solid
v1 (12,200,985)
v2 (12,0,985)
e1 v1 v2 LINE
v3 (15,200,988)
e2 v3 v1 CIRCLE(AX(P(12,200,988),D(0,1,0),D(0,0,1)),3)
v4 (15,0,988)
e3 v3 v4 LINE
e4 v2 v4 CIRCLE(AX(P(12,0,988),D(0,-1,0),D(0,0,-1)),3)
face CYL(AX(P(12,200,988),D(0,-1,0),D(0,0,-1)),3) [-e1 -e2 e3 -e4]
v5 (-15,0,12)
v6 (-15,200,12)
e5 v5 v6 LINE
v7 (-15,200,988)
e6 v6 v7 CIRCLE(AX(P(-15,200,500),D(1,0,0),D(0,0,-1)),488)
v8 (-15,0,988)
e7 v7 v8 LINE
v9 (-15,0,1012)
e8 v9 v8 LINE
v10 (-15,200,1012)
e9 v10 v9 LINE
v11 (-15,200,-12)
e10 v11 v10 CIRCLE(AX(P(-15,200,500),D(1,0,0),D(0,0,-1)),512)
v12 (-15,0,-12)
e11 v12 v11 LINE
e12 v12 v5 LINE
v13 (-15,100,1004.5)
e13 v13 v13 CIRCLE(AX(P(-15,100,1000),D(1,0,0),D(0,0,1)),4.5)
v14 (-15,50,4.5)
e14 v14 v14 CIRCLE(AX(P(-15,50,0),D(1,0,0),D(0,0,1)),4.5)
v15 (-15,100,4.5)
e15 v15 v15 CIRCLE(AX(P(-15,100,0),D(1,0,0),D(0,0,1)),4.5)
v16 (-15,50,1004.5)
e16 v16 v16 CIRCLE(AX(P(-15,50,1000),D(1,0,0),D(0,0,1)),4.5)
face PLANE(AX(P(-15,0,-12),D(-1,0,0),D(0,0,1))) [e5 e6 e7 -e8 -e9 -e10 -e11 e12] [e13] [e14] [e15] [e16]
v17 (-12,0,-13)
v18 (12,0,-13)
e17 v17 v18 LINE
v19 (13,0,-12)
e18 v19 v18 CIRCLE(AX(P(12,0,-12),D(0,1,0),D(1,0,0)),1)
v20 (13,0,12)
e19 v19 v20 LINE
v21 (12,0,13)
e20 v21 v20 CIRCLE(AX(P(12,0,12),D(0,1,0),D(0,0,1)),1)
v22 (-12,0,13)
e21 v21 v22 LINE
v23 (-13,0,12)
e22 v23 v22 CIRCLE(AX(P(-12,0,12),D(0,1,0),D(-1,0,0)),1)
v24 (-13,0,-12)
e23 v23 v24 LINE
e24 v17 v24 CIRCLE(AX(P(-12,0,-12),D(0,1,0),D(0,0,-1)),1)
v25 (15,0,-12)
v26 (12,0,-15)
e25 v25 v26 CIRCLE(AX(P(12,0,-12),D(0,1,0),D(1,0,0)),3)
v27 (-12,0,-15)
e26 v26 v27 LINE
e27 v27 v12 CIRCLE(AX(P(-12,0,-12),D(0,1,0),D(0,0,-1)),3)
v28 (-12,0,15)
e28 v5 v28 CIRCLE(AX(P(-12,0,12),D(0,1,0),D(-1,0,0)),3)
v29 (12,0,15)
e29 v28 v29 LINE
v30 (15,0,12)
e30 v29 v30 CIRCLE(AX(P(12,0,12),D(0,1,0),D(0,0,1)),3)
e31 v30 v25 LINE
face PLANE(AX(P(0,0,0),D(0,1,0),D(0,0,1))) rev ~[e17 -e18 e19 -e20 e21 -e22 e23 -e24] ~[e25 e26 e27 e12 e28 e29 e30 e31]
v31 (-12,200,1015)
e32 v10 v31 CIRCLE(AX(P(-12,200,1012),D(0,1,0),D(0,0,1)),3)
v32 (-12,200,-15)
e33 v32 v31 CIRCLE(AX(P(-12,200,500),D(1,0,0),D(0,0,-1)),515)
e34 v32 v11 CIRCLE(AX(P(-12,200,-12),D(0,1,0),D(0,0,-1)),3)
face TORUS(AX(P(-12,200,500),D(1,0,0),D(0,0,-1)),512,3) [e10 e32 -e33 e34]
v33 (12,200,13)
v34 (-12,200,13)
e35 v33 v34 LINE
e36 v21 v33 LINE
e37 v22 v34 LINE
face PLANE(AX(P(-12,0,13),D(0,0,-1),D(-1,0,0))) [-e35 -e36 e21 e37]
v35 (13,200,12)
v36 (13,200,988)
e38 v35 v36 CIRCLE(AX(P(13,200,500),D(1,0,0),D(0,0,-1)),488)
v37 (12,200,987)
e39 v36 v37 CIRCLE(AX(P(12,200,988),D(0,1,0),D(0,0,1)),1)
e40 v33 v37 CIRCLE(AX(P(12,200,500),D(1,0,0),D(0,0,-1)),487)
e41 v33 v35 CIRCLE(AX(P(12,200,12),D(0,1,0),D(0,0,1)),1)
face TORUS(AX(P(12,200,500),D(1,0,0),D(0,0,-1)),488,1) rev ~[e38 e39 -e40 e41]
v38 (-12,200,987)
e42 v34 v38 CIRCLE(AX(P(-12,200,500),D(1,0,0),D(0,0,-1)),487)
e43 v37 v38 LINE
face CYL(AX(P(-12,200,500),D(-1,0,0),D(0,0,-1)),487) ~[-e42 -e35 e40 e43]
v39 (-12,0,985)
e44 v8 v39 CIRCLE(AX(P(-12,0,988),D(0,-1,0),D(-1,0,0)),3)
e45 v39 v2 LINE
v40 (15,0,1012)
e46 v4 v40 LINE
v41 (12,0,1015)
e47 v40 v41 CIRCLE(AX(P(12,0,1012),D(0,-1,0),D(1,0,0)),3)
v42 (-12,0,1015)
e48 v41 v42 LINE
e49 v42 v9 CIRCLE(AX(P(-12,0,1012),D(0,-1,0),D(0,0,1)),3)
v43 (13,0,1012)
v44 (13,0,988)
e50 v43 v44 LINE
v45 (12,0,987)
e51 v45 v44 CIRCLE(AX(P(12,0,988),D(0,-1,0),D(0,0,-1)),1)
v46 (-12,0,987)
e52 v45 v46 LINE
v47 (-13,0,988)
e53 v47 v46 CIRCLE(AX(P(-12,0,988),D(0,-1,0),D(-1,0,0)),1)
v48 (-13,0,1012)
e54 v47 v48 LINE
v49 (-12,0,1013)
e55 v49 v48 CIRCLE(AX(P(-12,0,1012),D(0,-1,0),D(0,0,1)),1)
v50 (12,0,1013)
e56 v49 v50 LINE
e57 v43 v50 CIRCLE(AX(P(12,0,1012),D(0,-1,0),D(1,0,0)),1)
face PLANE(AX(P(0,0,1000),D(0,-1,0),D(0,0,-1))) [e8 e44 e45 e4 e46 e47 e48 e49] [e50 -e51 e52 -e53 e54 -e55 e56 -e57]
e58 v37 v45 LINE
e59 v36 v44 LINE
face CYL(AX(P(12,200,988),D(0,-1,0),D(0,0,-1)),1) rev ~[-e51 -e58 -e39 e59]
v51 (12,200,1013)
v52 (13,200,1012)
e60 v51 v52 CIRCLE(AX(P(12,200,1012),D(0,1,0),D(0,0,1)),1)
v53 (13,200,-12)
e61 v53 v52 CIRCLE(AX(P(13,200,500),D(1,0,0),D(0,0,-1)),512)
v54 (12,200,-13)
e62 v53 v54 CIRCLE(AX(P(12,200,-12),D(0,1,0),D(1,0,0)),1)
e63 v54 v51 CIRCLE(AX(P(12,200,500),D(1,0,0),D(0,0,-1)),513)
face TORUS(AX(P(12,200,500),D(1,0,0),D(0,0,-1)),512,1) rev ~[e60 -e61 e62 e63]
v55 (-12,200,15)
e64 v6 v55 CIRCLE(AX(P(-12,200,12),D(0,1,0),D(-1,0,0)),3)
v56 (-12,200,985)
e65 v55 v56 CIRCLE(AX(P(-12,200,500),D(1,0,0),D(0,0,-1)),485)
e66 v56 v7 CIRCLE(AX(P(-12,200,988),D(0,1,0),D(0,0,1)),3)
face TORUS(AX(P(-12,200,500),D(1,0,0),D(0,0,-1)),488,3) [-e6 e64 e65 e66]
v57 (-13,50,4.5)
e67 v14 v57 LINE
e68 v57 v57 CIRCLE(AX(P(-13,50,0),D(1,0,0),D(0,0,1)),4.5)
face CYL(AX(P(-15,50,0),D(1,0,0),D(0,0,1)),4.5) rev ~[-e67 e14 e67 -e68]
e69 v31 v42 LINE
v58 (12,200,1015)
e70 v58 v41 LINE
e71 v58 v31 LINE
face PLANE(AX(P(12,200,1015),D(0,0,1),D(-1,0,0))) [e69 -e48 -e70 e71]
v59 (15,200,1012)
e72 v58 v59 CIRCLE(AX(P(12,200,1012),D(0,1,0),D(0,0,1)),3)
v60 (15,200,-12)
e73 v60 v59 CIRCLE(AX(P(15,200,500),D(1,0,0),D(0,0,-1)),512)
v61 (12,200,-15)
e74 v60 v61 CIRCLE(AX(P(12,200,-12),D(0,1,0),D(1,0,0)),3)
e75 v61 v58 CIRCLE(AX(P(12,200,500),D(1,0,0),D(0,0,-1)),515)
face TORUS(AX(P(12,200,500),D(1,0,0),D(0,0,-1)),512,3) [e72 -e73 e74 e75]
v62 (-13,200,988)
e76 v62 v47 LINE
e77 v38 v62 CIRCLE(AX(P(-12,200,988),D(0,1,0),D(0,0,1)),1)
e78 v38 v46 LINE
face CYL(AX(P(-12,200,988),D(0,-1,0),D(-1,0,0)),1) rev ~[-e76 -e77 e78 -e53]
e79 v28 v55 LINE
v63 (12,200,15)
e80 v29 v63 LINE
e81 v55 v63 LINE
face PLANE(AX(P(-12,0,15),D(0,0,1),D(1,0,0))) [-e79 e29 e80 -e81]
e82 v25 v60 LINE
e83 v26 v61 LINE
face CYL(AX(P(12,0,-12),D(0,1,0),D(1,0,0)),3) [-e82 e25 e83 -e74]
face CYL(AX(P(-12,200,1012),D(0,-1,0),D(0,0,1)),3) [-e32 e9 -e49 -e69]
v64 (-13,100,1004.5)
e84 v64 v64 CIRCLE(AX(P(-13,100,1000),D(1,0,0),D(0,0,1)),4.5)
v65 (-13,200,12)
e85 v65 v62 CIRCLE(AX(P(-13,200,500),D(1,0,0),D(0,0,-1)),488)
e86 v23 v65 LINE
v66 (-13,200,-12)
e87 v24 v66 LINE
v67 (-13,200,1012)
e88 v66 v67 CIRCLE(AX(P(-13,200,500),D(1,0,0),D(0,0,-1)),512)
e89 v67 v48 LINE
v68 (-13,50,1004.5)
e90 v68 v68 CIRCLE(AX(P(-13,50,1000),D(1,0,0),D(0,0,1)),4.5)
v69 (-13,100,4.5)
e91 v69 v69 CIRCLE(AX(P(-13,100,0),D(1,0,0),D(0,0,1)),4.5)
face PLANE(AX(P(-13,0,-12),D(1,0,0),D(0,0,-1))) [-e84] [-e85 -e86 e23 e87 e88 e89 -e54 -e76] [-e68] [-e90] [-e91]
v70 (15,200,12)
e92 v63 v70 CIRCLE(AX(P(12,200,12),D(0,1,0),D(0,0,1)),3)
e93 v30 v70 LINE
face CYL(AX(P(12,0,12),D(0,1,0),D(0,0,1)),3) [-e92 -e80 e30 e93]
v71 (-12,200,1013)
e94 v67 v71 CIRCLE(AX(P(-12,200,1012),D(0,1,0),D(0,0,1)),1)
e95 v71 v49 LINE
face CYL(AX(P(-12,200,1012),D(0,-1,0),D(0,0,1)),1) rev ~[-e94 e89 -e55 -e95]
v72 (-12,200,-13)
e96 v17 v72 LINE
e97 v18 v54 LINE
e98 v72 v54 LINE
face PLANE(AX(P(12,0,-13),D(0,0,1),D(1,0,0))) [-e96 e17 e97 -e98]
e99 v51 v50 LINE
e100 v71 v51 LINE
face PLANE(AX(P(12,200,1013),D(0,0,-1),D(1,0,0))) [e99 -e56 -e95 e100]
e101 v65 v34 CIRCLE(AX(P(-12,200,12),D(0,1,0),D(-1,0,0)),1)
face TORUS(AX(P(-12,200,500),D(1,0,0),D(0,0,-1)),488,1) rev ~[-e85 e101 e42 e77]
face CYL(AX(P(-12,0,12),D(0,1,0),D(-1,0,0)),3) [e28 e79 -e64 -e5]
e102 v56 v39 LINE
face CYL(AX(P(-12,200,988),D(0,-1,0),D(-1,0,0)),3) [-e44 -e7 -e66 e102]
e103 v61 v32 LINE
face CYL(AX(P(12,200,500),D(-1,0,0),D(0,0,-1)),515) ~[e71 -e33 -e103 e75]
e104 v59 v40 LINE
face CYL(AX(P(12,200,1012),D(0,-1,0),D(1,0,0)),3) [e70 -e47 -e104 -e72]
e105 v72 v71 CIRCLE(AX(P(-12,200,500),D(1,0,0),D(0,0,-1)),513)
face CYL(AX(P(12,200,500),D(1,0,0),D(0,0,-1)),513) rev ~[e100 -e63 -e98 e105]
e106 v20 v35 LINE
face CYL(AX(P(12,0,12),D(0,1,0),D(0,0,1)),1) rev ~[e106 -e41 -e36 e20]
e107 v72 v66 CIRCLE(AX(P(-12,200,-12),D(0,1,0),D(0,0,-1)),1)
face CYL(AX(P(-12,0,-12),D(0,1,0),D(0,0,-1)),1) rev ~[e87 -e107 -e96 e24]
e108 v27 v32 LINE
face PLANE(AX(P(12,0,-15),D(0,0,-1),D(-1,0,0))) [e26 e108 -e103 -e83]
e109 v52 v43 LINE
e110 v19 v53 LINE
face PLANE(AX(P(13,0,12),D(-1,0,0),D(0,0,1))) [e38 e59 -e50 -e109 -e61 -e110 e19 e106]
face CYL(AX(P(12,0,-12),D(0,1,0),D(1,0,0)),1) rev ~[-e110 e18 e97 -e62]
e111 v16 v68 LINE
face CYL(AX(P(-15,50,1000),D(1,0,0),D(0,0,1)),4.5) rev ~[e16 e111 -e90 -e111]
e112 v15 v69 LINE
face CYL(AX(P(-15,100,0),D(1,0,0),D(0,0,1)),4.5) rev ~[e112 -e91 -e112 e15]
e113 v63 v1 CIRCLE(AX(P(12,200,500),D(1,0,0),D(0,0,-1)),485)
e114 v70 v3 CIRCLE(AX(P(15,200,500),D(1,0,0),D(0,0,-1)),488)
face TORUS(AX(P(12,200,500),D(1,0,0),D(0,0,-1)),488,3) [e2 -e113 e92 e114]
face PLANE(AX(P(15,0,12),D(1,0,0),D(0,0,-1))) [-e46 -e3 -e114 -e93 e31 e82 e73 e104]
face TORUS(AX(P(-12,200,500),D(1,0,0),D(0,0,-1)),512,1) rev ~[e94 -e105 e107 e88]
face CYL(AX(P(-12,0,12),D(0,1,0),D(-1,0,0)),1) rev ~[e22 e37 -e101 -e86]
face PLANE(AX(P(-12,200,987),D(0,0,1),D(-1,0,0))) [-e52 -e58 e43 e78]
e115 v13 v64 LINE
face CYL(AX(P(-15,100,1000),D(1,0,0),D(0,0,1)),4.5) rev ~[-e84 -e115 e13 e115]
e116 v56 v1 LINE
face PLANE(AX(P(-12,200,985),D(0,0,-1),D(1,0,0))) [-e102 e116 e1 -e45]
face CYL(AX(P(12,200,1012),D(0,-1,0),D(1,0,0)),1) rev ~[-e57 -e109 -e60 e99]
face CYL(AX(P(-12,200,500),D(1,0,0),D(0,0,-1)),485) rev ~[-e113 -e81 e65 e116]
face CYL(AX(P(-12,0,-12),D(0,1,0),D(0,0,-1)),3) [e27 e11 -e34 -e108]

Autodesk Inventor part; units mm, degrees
ref_plane "YZ Plane" through (0, 0, 0) normal (1, 0, 0) x (0, 1, 0)
ref_plane "XZ Plane" through (0, 0, 0) normal (0, 1, 0) x (-1, 0, 0)
sketch "Sketch1" plane through (0, 0, 0) normal (0, 1, 0) x (-1, 0, 0)
  line L0 (-12, 14) -> (12, 14) construction
  line L1 (14, 12) -> (14, -12) construction
  line L2 (12, -14) -> (-12, -14) construction
  line L3 (-14, -12) -> (-14, 12) construction
  line L4 (-14, 14) -> (14, -14) construction
  line L5 (14, 14) -> (-14, -14) construction
  arc A0 (14, 12) -> (12, 14) centre (12, 12) ccw construction
  arc A1 (12, -14) -> (14, -12) centre (12, -12) ccw construction
  arc A2 (-14, -12) -> (-12, -14) centre (-12, -12) ccw construction
  arc A3 (-12, 14) -> (-14, 12) centre (-12, 12) ccw construction
  line L6 (-12, -15) -> (12, -15)
  arc A4 (12, -15) -> (15, -12) centre (12, -12) ccw
  line L7 (15, -12) -> (15, 12)
  arc A5 (15, 12) -> (12, 15) centre (12, 12) ccw
  line L8 (12, 15) -> (-12, 15)
  arc A6 (-12, 15) -> (-15, 12) centre (-12, 12) ccw
  line L9 (-15, 12) -> (-15, -12)
  arc A7 (-15, -12) -> (-12, -15) centre (-12, -12) ccw
  line L10 (13, -12) -> (13, 12)
  arc A8 (13, 12) -> (12, 13) centre (12, 12) ccw
  line L11 (12, 13) -> (-12, 13)
  arc A9 (-12, 13) -> (-13, 12) centre (-12, 12) ccw
  line L12 (-13, 12) -> (-13, -12)
  arc A10 (-13, -12) -> (-12, -13) centre (-12, -12) ccw
  line L13 (-12, -13) -> (12, -13)
  arc A11 (12, -13) -> (13, -12) centre (12, -12) ccw
  point P0 (0, 0)
  point P1 (0, 0)
  point P2 (0, 0)
  dimension "d10" = 2
  dimension "depth" = 30
  dimension "width" = 30
  dimension "thickness" = 2
sketch "Sketch3" plane through (0, 0, 0) normal (1, 0, 0) x (0, 1, 0)
  line L0 (0, 0) -> (200, 0)
  line L1 (200, 0) -> (200, 1000) construction
  line L2 (200, 1000) -> (0, 1000)
  arc A0 (200, 0) -> (200, 1000) centre (200, 500) ccw
  dimension "d29" = 200
  dimension "d30" = 1000
  dimension "d31" = 500
sweep "Sweep1" add profiles "Sketch1" path "Sketch3"
sketch "Sketch4" plane through (-15, 0, 12) normal (-1, 0, 0) x (0, 0, 1)
  line L0 (-24, 0) -> (0, 0) projected
  line L1 (-12, 0) -> (-12, 351.1006) construction
  line L2 (1000, 0) -> (976, 0) projected
  line L3 (988, 0) -> (988, 177.1323) construction
  point P0 (-12, 50)
  point P1 (-12, 100)
  point P2 (988, 50)
  point P3 (988, 100)
  dimension "d34" = 50
  dimension "d35" = 50
  dimension "d36" = 50
  dimension "d37" = 50
hole "Hole2" at (-15, 50, 0) at (-15, 100, 0) at (-15, 50, 1000) at (-15, 100, 1000) direction (1, 0, 0) diameter 9 depth 20.2 tip angle 118
ref_plane "Work Plane1" through (12, 200, 1000) normal (0, 0, -1) x (-1, 0, 0)
ref_plane "Work Plane2" through (0, 715, 500) normal (0, -1, 0) x (1, 0, 0)
equation "\"d10\" = thickness"
equation "\"d31\" = 0.5 * d30"
properties part number "Luk R1000" material "Steel"
